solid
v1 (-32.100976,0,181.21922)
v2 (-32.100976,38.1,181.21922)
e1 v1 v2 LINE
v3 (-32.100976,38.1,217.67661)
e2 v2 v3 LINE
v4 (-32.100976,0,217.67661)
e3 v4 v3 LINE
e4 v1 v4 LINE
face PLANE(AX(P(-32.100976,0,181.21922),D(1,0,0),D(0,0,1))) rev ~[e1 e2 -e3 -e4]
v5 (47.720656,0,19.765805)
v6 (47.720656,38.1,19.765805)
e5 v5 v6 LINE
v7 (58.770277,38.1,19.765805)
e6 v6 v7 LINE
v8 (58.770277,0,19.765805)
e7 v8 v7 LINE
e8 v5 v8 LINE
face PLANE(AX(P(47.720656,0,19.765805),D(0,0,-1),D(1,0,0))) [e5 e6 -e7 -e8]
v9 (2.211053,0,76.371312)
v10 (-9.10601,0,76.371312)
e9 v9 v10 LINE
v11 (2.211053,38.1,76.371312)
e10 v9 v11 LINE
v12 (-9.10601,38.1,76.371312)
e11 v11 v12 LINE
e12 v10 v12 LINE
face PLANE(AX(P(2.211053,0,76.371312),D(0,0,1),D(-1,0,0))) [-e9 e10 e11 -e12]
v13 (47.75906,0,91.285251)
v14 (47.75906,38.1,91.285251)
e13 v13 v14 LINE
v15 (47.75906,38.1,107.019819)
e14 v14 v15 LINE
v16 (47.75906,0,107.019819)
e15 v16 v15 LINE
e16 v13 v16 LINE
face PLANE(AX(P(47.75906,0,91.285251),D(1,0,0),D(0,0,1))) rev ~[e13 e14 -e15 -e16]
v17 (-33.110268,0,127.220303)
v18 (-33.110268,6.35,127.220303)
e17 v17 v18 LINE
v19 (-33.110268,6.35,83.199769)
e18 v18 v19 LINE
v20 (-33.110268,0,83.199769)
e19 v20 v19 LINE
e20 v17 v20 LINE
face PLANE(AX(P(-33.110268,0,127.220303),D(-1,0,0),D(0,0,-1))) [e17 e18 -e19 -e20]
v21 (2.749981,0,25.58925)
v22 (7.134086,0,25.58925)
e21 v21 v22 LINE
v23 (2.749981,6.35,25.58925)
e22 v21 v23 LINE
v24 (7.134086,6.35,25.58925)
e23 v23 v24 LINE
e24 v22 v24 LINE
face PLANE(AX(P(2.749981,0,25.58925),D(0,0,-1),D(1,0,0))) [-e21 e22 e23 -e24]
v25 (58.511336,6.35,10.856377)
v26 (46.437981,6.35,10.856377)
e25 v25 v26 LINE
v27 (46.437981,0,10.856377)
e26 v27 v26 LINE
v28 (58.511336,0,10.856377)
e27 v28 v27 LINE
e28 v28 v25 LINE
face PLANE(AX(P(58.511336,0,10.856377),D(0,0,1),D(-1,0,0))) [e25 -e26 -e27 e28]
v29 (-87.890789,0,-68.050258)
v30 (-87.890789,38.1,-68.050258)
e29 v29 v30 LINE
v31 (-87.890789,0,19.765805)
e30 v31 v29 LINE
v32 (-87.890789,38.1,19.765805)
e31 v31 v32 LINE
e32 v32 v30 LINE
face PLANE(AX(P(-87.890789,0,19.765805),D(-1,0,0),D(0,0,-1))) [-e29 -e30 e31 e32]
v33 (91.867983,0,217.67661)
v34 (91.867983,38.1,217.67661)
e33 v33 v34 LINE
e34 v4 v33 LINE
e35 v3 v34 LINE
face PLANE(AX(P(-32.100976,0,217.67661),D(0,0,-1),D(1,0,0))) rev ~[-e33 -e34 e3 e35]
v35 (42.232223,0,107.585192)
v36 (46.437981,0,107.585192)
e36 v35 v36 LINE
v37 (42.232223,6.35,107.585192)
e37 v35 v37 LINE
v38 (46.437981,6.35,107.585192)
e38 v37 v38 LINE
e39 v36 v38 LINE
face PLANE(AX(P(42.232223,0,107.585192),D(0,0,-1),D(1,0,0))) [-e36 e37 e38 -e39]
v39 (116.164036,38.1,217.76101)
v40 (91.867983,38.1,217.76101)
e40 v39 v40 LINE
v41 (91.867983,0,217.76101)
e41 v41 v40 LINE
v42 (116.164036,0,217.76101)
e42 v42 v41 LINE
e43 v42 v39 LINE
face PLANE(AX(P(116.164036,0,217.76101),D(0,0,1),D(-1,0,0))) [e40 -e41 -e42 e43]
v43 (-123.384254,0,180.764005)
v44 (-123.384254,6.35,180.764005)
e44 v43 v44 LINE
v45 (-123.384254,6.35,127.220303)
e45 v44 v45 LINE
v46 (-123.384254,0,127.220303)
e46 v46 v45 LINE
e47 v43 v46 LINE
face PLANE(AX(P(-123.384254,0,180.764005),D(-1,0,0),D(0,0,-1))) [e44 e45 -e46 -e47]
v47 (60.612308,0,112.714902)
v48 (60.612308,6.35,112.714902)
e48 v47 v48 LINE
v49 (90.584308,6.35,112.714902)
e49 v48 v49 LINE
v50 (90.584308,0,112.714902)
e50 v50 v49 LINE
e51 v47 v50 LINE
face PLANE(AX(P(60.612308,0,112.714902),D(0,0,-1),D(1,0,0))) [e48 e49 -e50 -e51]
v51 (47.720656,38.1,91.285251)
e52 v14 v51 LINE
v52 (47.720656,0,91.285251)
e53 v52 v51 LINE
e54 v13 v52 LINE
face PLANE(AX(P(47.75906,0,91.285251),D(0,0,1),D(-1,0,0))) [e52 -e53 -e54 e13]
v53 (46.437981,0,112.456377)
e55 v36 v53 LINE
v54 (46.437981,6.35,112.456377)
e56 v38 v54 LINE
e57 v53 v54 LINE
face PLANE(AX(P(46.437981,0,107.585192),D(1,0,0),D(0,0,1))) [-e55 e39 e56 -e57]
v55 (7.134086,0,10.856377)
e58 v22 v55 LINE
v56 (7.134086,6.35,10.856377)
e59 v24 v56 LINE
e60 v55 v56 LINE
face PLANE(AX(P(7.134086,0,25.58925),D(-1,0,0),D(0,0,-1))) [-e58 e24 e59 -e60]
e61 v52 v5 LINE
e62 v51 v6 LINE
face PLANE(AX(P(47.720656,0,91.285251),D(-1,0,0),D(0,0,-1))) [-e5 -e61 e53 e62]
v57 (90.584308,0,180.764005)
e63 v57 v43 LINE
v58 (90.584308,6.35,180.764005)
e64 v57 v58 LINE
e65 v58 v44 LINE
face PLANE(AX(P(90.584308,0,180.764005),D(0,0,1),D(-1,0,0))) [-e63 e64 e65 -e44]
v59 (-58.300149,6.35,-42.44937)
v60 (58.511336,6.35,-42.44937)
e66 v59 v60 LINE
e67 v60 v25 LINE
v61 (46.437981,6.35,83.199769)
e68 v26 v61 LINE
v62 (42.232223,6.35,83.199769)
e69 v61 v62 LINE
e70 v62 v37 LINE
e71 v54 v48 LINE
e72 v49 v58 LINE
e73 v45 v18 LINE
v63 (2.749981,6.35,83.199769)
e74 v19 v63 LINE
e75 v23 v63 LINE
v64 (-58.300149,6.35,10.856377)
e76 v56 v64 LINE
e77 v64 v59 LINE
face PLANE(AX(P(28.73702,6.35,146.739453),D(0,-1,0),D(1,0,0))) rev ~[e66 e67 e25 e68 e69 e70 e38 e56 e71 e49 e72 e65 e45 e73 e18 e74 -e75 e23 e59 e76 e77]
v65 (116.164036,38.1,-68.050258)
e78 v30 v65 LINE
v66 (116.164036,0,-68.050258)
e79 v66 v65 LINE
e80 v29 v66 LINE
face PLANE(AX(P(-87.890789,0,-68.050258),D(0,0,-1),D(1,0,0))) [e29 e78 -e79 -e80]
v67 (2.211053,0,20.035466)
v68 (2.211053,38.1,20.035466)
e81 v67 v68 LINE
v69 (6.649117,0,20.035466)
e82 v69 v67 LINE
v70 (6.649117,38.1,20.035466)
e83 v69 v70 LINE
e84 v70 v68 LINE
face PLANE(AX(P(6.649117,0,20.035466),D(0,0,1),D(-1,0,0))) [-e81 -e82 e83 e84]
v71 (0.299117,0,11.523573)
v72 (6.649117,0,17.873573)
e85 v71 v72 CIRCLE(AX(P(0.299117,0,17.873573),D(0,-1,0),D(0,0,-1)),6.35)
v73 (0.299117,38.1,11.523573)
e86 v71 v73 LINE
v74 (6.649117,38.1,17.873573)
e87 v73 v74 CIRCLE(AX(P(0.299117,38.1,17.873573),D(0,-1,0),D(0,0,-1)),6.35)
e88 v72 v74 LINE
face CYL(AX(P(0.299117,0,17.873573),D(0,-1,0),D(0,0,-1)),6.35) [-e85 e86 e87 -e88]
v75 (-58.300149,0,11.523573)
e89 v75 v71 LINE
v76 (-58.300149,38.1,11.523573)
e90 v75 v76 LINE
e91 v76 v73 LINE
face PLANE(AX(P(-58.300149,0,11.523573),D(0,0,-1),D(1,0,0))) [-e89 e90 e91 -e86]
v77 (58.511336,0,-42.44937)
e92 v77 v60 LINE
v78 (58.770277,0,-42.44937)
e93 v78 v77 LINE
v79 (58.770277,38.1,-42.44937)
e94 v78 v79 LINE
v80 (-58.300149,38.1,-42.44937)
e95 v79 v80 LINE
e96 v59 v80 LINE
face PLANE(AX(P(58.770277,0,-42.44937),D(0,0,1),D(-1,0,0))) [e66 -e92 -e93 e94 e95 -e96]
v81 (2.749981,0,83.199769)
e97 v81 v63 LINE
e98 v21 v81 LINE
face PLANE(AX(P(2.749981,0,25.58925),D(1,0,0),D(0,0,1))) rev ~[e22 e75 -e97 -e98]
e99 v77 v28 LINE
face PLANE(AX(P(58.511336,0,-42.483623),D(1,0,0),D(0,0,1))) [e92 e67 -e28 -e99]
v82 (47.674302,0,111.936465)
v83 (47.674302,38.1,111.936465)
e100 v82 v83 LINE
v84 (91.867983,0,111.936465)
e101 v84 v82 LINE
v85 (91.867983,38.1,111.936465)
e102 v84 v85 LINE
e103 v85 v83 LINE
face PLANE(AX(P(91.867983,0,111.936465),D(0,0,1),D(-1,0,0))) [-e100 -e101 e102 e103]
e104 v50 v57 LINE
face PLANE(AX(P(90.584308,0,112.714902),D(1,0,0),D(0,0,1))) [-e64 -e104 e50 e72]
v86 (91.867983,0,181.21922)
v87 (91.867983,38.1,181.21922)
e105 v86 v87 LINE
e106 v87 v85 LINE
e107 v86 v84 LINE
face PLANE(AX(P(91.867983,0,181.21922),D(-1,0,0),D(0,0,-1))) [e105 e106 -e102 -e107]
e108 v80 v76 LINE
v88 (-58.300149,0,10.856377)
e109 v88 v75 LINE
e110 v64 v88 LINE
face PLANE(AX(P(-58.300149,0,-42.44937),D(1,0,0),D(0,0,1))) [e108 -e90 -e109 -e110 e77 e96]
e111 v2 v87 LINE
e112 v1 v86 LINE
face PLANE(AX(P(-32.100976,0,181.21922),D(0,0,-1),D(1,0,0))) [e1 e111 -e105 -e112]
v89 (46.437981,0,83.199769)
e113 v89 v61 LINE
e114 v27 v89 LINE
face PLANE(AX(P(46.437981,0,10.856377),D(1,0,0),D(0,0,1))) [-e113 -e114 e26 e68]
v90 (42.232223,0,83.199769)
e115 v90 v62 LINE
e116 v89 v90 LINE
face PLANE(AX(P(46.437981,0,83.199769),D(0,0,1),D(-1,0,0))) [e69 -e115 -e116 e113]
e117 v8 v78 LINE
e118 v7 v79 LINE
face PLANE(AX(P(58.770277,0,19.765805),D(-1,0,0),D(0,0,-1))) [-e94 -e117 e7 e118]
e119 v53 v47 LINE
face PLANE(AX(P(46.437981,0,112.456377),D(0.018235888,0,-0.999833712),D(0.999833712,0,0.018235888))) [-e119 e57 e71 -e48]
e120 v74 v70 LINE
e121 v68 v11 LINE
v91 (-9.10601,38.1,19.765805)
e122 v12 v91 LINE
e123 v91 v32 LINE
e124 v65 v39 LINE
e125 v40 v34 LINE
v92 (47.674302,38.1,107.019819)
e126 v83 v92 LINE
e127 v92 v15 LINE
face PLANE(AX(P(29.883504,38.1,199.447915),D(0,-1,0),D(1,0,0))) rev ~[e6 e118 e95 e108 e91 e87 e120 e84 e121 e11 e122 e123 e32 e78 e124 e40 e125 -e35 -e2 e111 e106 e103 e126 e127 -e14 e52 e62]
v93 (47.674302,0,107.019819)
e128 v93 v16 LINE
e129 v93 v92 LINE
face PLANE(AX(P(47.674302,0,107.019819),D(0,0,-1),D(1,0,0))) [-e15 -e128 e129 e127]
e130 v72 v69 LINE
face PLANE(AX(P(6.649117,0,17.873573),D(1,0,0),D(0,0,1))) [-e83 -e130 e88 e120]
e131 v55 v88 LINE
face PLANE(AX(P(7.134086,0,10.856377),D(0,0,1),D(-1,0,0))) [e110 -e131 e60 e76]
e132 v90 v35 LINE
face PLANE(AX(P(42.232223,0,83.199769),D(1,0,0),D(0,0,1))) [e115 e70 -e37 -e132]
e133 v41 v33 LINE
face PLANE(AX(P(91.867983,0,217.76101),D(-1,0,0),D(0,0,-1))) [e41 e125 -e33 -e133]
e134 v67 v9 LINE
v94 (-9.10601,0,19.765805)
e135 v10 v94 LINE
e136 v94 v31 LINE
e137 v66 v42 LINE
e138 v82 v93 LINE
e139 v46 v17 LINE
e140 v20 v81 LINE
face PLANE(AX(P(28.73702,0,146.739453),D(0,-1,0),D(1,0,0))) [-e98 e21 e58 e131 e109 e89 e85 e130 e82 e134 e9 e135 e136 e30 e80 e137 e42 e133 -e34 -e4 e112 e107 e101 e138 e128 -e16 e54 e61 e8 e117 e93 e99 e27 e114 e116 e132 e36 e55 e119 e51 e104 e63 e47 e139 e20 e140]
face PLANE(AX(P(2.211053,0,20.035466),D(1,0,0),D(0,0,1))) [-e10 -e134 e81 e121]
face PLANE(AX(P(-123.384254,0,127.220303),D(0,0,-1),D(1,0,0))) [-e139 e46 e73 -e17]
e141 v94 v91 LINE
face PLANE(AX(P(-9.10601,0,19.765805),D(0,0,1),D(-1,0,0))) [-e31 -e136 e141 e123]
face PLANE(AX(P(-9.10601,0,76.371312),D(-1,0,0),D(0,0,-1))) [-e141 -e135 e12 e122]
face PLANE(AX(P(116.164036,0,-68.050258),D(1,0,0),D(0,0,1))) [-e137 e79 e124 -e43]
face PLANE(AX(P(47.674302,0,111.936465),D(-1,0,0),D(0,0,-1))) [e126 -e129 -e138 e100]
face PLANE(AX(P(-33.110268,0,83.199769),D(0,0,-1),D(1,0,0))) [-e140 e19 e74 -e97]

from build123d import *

# Parameters (mm, degrees)
F1_W     = 123.9689588547
F1_H     = 36.4573895931
F1_W_2   = 0.162653625
F1_W_3   = 29.5906402171
F1_H_2   = 8.2422317937
F1_W_4   = 49.1941384971
F1_W_5   = 22.0608375967
F1_H_3   = 15.7345682383
F2_DEPTH = 38.1
F0_W     = 4.2057580379
F0_H     = 0.258524442
F0_H_2   = 4.8711853978
F0_W_2   = 4.3841055594
F0_H_3   = 57.6105192304
F3_DEPTH = 6.35


with BuildPart() as f2:
    # F1 (on Front) → F2 (new body)
    with BuildSketch(Plane.XZ):
        with Locations((29.8835039139, 199.447914958)):
            Rectangle(F1_W, F1_H)
        Polygon((-9.1060101986, 25.0596683472), (-9.1060101986, 20.0354661793), (2.2110529244, 20.0354661793), (2.2110529244, 76.3713121414), (-9.1060101986, 76.3713121414), align=None)
        Polygon((92.0306369662, 181.2192201614), (91.8679833412, 181.2192201614), (91.8679833412, 111.9364649057), (116.1640360951, 111.9364649057), (116.1640360951, 217.7610099316), (91.8679833412, 217.7610099316), (91.8679833412, 217.6766097546), (92.0306369662, 217.6766097546), align=None)
        with Locations((91.9493101537, 199.447914958)):
            Rectangle(F1_W_2, F1_H)
        Polygon((-87.8907889128, -68.0502578616), (-58.3001486957, -68.0502578616), (-58.3001486957, -42.4493700266), (-58.3001486957, 11.523572728), (-87.8907889128, 11.523572728), align=None)
        with Locations((-73.0954688042, 15.6446886249)):
            Rectangle(F1_W_3, F1_H_2)
        with BuildLine():
            Line((-9.1060101986, 19.7658045217), (-9.1060101986, 11.523572728))
            Line((-9.1060101986, 11.523572728), (0.2991169855, 11.523572728))
            ThreePointArc((0.2991169855, 11.523572728), (4.789245046, 13.3834446675), (6.6491169855, 17.873572728))
            Line((6.6491169855, 17.873572728), (6.6491169855, 20.0354661793))
            Line((6.6491169855, 20.0354661793), (2.2110529244, 20.0354661793))
            Line((2.2110529244, 20.0354661793), (-9.1060101986, 20.0354661793))
            Line((-9.1060101986, 20.0354661793), (-9.1060101986, 19.7658045217))
        make_face()
        with Locations((-33.7030794472, 15.6446886249)):
            Rectangle(F1_W_4, F1_H_2)
        with Locations((58.7894786149, 99.1525352001)):
            Rectangle(F1_W_5, F1_H_3)
        Polygon((69.8198974133, 91.285251081), (47.7590598166, 91.285251081), (47.7206557989, 91.285251081), (47.7206557989, 19.7658045217), (58.7702766061, 19.7658045217), (69.8198974133, 19.7658045217), align=None)
        Polygon((69.8198974133, -42.4493700266), (69.8198974133, 19.7658045217), (58.7702766061, 19.7658045217), (58.7702766061, 19.5491779596), (58.7702766061, -42.4493700266), align=None)
        Polygon((-58.3001486957, -68.0502578616), (69.8198974133, -68.0502578616), (69.8198974133, -42.4493700266), (58.7702766061, -42.4493700266), (-58.3001486957, -42.4493700266), align=None)
        Polygon((116.1640360951, 111.9364649057), (91.8679833412, 111.9364649057), (47.6743020117, 111.9364649057), (47.6743020117, 107.0198193192), (47.7590598166, 107.0198193192), (69.8198974133, 107.0198193192), (116.1640360951, 107.0198193192), align=None)
        Polygon((116.1640360951, -68.0502578616), (116.1640360951, 107.0198193192), (69.8198974133, 107.0198193192), (69.8198974133, 91.285251081), (69.8198974133, 19.7658045217), (69.8198974133, -42.4493700266), (69.8198974133, -68.0502578616), align=None)
    extrude(amount=-F2_DEPTH)

    # F0 (on Front) → F3 (join)
    with BuildSketch(Plane.XZ):
        Polygon((60.6123084808, 112.7149015665), (90.5843084808, 112.7149015665), (90.5843084808, 180.7640045881), (-33.110268414, 180.7640045881), (-33.110268414, 127.2203028202), (-33.110268414, 112.7149015665), (2.749980893, 112.7149015665), (42.2322228551, 112.7149015665), (46.437980893, 112.7149015665), align=None)
        Polygon((46.437980893, 112.4563771245), (60.6123084808, 112.7149015665), (46.437980893, 112.7149015665), align=None)
        Polygon((-33.110268414, 127.2203028202), (-33.110268414, 180.7640045881), (-123.3842537674, 180.7640045881), (-123.3842537674, 127.2203028202), (-118.7781766057, 127.2203028202), align=None)
        with Locations((44.335101874, 112.5856393455)):
            Rectangle(F0_W, F0_H)
        with Locations((44.335101874, 110.0207844256)):
            Rectangle(F0_W, F0_H_2)
        Polygon((42.2322228551, 107.5851917267), (42.2322228551, 112.4563771245), (7.1340864524, 112.4563771245), (7.1340864524, 83.1997692585), (42.2322228551, 83.1997692585), align=None)
        Polygon((7.1340864524, 112.4563771245), (42.2322228551, 112.4563771245), (42.2322228551, 112.7149015665), (2.749980893, 112.7149015665), (-33.110268414, 112.7149015665), (-33.110268414, 83.1997692585), (2.749980893, 83.1997692585), (7.1340864524, 83.1997692585), align=None)
        Polygon((46.437980893, 83.1997692585), (42.2322228551, 83.1997692585), (7.1340864524, 83.1997692585), (7.1340864524, 25.5892500281), (7.1340864524, 10.8563771245), (46.437980893, 10.8563771245), align=None)
        with Locations((4.9420336727, 54.3945096433)):
            Rectangle(F0_W_2, F0_H_3)
        Polygon((58.5113357362, 10.8563771245), (46.437980893, 10.8563771245), (7.1340864524, 10.8563771245), (2.749980893, 10.8563771245), (-58.3286642638, 10.8563771245), (-58.3286642638, -42.4836228755), (58.5113357362, -42.4836228755), align=None)
    extrude(amount=-F3_DEPTH)


solid = f2.part
